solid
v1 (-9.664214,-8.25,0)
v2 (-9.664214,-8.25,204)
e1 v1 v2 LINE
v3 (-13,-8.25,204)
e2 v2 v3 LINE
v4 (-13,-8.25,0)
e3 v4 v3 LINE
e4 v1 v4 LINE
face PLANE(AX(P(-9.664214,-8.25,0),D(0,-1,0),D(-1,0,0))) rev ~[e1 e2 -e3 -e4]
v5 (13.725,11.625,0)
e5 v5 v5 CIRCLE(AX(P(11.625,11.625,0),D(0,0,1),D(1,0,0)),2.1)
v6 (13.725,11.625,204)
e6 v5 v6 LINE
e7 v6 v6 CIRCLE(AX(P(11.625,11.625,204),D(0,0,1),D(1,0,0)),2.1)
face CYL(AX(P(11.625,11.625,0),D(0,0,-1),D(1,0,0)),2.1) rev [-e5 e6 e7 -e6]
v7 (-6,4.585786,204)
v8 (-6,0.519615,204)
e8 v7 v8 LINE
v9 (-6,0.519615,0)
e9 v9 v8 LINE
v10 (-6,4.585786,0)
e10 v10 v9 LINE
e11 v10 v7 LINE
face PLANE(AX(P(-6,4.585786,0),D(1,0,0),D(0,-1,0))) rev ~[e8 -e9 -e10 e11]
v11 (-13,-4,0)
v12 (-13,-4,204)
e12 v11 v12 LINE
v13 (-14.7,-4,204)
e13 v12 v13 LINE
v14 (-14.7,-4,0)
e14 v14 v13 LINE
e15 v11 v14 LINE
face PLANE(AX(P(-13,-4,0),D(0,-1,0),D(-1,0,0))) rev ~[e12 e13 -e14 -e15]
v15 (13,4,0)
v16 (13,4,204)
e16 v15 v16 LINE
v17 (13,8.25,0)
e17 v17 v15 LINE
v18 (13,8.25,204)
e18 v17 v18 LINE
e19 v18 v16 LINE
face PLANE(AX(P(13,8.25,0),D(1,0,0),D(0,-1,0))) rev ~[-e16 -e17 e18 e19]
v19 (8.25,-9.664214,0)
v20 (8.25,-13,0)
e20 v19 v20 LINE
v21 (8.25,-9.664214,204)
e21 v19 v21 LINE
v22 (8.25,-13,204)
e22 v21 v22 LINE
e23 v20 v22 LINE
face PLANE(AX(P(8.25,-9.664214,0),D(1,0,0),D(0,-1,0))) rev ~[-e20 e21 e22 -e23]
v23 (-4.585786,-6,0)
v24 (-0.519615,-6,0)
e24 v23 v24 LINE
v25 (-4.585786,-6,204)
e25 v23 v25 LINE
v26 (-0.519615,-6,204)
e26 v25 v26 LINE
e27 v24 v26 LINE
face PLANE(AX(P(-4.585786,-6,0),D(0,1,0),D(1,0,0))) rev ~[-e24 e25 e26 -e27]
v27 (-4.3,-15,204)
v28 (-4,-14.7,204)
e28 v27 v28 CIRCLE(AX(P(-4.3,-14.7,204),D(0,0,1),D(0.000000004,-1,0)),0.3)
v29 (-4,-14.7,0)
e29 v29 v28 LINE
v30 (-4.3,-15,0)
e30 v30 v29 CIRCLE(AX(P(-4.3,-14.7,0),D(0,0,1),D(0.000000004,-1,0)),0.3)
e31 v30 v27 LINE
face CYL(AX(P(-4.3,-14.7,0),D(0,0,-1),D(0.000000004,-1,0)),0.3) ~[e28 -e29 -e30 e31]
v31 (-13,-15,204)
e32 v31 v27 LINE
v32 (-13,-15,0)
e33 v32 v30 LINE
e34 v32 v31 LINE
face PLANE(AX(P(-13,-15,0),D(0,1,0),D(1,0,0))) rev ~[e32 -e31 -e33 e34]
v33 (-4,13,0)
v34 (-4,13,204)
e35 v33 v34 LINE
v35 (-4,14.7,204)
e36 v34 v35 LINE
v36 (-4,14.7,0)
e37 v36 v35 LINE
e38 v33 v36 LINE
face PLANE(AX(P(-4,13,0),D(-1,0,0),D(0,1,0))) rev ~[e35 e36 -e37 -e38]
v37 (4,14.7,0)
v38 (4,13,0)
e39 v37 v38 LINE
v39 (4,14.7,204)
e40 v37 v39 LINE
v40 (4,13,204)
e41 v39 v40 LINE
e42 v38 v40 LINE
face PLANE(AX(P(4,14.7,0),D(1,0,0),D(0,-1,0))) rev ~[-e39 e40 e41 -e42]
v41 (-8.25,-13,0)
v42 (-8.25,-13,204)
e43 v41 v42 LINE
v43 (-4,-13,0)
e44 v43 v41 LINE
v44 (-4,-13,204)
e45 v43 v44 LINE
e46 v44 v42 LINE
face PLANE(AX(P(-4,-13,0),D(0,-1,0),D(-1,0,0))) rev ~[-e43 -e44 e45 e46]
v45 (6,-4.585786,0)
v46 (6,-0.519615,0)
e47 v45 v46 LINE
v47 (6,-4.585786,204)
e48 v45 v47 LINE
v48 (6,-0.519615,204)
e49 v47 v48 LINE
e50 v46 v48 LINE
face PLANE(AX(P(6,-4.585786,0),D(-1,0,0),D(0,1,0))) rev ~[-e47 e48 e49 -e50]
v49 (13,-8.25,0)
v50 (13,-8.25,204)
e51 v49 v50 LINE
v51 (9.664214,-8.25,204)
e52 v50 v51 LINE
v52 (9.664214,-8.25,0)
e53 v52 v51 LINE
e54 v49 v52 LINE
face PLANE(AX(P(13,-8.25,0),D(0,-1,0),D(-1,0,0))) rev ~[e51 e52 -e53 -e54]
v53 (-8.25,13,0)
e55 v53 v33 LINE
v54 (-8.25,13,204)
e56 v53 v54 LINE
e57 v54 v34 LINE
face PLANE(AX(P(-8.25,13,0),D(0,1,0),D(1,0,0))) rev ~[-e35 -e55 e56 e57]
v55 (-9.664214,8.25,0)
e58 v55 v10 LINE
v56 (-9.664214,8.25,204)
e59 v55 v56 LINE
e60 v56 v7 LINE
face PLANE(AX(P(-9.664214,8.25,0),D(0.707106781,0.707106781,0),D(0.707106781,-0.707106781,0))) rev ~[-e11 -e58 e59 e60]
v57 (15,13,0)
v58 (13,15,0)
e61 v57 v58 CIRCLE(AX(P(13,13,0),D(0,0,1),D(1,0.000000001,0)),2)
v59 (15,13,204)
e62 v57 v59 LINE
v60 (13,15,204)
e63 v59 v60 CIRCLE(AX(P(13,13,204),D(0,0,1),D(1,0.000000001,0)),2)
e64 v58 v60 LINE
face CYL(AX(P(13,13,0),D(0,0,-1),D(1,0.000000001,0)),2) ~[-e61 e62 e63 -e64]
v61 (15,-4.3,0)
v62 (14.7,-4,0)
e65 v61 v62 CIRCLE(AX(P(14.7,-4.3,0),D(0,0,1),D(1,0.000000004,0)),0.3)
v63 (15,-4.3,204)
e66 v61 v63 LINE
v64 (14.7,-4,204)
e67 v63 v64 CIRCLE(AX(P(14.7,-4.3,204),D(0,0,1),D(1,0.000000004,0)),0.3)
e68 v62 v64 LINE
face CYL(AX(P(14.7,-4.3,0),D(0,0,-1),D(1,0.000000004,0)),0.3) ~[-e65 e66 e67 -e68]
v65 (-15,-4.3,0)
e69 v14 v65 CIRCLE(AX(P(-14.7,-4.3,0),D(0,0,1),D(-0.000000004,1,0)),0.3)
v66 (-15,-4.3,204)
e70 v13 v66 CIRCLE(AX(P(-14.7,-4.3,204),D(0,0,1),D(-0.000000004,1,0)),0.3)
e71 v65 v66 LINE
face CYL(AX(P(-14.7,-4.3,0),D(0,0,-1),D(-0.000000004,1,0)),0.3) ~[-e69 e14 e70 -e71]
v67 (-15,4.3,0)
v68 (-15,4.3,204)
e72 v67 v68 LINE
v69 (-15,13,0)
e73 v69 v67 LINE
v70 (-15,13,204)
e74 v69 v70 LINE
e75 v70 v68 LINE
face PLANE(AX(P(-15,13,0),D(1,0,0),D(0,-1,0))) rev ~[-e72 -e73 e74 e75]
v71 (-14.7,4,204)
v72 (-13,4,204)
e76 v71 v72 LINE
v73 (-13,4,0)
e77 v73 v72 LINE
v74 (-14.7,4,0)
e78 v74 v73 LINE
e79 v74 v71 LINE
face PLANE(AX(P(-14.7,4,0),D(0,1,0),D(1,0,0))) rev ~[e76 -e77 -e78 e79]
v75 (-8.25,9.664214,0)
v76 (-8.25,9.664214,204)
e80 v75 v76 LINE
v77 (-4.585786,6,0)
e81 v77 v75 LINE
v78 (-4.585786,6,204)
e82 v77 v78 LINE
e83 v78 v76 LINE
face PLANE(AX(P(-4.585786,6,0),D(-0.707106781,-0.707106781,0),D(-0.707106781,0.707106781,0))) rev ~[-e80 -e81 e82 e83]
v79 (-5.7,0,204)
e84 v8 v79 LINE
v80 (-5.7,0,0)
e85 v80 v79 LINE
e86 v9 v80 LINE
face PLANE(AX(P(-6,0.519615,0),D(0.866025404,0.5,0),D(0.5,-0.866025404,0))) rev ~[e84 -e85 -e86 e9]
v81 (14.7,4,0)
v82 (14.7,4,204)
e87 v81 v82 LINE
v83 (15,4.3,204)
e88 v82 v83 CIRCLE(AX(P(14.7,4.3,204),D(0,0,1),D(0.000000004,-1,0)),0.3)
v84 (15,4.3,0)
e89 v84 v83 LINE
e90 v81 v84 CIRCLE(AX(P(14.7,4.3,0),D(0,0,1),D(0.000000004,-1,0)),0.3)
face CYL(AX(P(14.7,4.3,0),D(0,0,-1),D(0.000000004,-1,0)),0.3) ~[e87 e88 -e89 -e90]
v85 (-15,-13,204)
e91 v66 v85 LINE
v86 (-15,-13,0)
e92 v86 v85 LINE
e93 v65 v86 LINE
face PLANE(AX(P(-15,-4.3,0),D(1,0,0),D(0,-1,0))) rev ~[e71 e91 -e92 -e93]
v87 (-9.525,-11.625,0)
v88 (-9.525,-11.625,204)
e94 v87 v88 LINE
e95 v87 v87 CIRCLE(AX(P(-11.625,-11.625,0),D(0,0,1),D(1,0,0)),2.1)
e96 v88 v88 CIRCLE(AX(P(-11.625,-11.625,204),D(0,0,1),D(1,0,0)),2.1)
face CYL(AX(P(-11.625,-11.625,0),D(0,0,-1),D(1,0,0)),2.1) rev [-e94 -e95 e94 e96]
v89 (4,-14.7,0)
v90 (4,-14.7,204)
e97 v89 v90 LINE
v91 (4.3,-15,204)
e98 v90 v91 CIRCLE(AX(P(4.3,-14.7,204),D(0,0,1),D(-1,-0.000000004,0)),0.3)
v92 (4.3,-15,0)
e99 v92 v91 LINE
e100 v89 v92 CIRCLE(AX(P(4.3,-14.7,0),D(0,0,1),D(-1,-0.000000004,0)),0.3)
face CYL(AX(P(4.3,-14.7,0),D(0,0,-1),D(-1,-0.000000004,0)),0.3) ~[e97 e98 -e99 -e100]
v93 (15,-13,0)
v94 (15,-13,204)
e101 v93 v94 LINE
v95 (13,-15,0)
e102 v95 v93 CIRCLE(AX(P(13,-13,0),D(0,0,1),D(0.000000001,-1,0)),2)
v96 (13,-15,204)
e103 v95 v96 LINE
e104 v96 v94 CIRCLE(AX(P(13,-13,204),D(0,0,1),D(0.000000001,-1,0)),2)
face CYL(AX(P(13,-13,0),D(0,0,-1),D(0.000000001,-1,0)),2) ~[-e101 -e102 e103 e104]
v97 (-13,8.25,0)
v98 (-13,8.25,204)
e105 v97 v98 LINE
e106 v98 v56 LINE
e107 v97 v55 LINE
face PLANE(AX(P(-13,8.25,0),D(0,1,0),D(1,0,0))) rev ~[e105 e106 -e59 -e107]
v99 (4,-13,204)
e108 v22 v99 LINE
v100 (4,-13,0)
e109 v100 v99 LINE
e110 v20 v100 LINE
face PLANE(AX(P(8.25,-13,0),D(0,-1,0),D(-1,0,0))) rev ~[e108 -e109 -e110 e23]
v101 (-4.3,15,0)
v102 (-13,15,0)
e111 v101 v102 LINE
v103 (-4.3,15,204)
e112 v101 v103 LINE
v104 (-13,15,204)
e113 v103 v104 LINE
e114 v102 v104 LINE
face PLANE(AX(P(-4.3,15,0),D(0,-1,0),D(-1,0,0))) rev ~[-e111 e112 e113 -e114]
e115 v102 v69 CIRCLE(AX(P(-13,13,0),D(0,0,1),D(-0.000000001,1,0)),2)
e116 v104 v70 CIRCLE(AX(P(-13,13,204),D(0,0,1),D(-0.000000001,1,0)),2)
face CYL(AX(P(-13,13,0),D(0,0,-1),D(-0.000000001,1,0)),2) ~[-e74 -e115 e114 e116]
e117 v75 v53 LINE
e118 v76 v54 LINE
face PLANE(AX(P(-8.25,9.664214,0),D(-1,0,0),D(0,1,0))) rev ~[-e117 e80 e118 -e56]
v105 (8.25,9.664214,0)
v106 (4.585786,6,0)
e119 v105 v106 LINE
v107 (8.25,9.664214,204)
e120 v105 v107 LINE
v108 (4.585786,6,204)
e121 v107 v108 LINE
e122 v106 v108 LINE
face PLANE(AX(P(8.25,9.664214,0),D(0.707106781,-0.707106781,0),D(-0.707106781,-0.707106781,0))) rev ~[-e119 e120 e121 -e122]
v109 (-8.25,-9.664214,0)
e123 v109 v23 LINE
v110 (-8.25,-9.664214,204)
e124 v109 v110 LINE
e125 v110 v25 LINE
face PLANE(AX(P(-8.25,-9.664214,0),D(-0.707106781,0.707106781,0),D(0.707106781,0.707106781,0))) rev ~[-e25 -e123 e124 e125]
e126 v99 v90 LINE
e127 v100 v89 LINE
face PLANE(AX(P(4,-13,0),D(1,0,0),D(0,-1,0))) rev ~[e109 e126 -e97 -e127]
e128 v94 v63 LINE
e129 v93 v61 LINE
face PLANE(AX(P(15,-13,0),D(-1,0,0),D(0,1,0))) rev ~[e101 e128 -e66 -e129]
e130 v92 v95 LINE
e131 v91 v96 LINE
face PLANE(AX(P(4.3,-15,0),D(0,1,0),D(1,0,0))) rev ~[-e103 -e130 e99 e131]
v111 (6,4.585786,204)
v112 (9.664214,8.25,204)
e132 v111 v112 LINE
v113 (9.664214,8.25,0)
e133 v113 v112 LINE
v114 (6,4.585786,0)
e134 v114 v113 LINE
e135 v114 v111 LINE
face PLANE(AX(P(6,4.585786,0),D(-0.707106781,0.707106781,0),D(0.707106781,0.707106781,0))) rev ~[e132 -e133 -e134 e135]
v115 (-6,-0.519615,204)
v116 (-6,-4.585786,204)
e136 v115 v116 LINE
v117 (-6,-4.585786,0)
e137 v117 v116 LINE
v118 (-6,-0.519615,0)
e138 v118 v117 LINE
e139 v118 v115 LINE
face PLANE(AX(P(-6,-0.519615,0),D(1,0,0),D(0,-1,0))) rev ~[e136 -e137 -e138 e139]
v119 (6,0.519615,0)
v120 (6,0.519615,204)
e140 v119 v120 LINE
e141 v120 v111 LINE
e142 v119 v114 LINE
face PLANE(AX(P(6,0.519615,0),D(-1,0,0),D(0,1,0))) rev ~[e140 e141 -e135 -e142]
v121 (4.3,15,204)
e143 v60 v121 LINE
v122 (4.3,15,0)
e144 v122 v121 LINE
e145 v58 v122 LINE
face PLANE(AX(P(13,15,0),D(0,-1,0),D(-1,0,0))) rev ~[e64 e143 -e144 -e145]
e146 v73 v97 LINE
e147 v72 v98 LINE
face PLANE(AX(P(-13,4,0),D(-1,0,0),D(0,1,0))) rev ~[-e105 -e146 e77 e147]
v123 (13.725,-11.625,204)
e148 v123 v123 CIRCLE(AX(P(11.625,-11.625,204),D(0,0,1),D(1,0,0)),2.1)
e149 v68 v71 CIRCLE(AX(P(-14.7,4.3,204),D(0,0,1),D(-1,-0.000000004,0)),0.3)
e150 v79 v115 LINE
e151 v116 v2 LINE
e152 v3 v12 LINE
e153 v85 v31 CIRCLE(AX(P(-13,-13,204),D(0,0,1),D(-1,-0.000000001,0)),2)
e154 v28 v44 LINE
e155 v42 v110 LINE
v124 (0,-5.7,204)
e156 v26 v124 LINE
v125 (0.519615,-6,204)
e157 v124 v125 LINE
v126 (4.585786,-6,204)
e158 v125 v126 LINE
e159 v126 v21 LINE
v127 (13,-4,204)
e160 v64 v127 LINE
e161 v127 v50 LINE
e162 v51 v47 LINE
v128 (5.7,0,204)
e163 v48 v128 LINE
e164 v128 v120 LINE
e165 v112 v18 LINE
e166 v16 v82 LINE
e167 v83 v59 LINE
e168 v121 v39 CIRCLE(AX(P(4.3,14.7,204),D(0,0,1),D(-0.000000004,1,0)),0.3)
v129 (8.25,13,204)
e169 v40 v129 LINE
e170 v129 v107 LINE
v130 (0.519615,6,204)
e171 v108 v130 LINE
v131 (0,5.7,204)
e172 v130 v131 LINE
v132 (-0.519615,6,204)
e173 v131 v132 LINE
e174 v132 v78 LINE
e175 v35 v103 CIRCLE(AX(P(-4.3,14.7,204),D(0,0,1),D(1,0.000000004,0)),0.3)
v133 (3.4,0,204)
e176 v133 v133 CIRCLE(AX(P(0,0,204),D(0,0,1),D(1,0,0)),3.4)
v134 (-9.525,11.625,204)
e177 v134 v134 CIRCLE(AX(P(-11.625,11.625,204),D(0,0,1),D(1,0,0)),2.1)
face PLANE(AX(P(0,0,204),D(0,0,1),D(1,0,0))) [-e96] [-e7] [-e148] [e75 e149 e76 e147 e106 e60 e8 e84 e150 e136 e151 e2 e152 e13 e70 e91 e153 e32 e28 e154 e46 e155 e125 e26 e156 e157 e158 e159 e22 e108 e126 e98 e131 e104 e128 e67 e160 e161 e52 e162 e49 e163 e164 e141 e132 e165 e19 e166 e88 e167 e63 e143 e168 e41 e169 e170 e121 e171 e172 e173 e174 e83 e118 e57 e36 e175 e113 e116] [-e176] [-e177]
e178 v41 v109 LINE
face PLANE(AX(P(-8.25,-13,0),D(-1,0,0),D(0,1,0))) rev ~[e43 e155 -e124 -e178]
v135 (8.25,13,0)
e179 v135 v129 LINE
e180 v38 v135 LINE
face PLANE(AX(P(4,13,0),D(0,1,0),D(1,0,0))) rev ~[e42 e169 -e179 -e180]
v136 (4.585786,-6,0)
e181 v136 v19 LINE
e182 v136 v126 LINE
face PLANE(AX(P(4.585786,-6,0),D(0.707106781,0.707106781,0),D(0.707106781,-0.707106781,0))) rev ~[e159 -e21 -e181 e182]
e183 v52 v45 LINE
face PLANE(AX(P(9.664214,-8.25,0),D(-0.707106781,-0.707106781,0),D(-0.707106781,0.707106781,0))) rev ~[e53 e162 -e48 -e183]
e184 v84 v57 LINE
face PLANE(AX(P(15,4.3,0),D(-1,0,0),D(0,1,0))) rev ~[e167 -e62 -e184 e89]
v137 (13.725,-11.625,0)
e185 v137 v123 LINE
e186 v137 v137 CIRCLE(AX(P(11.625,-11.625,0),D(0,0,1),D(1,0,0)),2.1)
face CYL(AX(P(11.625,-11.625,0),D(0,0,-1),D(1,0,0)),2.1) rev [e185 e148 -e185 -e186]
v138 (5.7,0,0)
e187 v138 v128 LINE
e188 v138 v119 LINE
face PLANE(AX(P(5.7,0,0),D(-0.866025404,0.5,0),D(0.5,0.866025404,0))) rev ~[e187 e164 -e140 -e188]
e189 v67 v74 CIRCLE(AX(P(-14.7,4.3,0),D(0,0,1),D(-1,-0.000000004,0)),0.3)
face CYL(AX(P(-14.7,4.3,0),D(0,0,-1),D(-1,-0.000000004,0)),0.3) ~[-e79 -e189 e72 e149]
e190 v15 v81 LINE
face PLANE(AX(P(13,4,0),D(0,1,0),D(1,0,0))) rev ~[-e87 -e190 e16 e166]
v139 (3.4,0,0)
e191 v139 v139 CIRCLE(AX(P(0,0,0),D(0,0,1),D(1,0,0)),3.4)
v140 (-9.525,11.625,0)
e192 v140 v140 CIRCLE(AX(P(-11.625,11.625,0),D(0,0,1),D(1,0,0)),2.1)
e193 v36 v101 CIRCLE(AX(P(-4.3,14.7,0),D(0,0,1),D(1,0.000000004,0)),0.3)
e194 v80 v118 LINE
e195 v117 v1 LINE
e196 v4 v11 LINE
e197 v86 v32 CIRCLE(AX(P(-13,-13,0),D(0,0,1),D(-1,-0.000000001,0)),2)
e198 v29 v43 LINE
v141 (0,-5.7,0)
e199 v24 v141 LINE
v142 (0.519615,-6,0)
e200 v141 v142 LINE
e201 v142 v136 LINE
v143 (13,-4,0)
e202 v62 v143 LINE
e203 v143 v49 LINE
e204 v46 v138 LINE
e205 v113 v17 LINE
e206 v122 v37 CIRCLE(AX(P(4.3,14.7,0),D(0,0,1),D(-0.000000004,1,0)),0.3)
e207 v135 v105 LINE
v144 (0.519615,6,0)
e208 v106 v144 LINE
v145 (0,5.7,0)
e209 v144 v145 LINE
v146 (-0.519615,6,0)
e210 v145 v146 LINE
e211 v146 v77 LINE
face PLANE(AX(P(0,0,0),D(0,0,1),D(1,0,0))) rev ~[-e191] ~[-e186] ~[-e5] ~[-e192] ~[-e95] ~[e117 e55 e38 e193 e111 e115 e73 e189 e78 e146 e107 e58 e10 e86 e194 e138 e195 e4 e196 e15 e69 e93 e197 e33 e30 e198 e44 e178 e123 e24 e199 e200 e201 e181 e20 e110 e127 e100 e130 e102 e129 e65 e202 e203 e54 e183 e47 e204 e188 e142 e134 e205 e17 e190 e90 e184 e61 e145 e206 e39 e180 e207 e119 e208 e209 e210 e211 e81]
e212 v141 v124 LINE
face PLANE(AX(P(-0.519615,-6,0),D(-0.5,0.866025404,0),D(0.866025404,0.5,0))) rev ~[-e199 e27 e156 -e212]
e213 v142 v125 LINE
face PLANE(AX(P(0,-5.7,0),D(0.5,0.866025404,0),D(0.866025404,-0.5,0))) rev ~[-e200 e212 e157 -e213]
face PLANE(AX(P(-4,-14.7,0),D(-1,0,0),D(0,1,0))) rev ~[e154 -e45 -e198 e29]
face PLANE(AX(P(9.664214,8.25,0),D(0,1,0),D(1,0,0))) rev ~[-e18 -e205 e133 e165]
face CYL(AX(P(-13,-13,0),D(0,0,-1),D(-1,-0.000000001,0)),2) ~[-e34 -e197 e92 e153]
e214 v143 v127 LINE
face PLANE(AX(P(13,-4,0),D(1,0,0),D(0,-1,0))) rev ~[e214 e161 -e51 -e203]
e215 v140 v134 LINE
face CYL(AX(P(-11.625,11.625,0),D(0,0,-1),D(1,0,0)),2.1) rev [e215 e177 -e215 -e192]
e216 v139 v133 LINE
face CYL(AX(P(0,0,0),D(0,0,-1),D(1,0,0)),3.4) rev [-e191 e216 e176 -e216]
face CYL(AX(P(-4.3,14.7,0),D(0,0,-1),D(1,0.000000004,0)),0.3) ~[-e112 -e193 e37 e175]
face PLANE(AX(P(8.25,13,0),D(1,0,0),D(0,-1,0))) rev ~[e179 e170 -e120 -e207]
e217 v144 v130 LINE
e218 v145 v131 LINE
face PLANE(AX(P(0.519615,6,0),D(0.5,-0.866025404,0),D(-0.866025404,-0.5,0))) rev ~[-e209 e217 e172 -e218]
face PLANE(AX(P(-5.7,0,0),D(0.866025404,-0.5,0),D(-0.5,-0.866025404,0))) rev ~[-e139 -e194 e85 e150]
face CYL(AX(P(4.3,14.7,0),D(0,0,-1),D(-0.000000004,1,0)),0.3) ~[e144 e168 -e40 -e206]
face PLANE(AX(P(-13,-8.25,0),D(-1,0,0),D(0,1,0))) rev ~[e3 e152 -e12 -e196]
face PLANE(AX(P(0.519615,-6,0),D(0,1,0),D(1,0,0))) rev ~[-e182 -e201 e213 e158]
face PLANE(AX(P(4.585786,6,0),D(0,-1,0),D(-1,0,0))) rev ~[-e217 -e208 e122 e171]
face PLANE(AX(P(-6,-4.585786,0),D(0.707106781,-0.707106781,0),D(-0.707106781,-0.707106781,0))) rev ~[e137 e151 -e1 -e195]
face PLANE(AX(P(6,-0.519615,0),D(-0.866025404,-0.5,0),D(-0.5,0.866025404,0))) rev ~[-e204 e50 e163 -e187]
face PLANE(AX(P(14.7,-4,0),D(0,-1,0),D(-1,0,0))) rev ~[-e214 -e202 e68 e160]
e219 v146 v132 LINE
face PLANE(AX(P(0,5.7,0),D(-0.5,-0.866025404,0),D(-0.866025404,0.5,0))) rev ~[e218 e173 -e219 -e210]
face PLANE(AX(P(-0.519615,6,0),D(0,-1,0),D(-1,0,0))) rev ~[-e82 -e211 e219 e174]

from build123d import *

# Parameters (mm, degrees)
SKETCH1_R           = 2.1
SKETCH1_R_2         = 3.4
BOSS_EXTRUDE1_DEPTH = 204


with BuildPart() as part:
    # Sketch1 → Boss-Extrude1 (new body)
    with BuildSketch(Plane.XY):
        with BuildLine():
            Line((-14.7, 4), (-13, 4))
            Line((-13, 4), (-13, 8.25))
            Line((-13, 8.25), (-9.664213562, 8.25))
            Line((-9.664213562, 8.25), (-6, 4.585786438))
            Line((-6, 4.585786438), (-6, 0.519615242))
            Line((-6, 0.519615242), (-5.7, 0))
            Line((-5.7, 0), (-6, -0.519615242))
            Line((-6, -0.519615242), (-6, -4.585786438))
            Line((-6, -4.585786438), (-9.664213562, -8.25))
            Line((-9.664213562, -8.25), (-13, -8.25))
            Line((-13, -8.25), (-13, -4))
            Line((-13, -4), (-14.7, -4))
            ThreePointArc((-14.7, -4), (-14.912132034, -4.087867966), (-15, -4.3))
            Line((-15, -4.3), (-15, -13))
            ThreePointArc((-15, -13), (-14.414213562, -14.414213562), (-13, -15))
            Line((-13, -15), (-4.3, -15))
            ThreePointArc((-4.3, -15), (-4.087867966, -14.912132034), (-4, -14.7))
            Line((-4, -14.7), (-4, -13))
            Line((-4, -13), (-8.25, -13))
            Line((-8.25, -13), (-8.25, -9.664213562))
            Line((-8.25, -9.664213562), (-4.585786438, -6))
            Line((-4.585786438, -6), (-0.519615242, -6))
            Line((-0.519615242, -6), (0, -5.7))
            Line((0, -5.7), (0.519615242, -6))
            Line((0.519615242, -6), (4.585786438, -6))
            Line((4.585786438, -6), (8.25, -9.664213562))
            Line((8.25, -9.664213562), (8.25, -13))
            Line((8.25, -13), (4, -13))
            Line((4, -13), (4, -14.7))
            ThreePointArc((4, -14.7), (4.087867966, -14.912132034), (4.3, -15))
            Line((4.3, -15), (13, -15))
            ThreePointArc((13, -15), (14.414213562, -14.414213562), (15, -13))
            Line((15, -13), (15, -4.3))
            ThreePointArc((15, -4.3), (14.912132034, -4.087867966), (14.7, -4))
            Line((14.7, -4), (13, -4))
            Line((13, -4), (13, -8.25))
            Line((13, -8.25), (9.664213562, -8.25))
            Line((9.664213562, -8.25), (6, -4.585786438))
            Line((6, -4.585786438), (6, -0.519615242))
            Line((6, -0.519615242), (5.7, 0))
            Line((5.7, 0), (6, 0.519615242))
            Line((6, 0.519615242), (6, 4.585786438))
            Line((6, 4.585786438), (9.664213562, 8.25))
            Line((9.664213562, 8.25), (13, 8.25))
            Line((13, 8.25), (13, 4))
            Line((13, 4), (14.7, 4))
            ThreePointArc((14.7, 4), (14.912132034, 4.087867966), (15, 4.3))
            Line((15, 4.3), (15, 13))
            ThreePointArc((15, 13), (14.414213562, 14.414213562), (13, 15))
            Line((13, 15), (4.3, 15))
            ThreePointArc((4.3, 15), (4.087867966, 14.912132034), (4, 14.7))
            Line((4, 14.7), (4, 13))
            Line((4, 13), (8.25, 13))
            Line((8.25, 13), (8.25, 9.664213562))
            Line((8.25, 9.664213562), (4.585786438, 6))
            Line((4.585786438, 6), (0.519615242, 6))
            Line((0.519615242, 6), (0, 5.7))
            Line((0, 5.7), (-0.519615242, 6))
            Line((-0.519615242, 6), (-4.585786438, 6))
            Line((-4.585786438, 6), (-8.25, 9.664213562))
            Line((-8.25, 9.664213562), (-8.25, 13))
            Line((-8.25, 13), (-4, 13))
            Line((-4, 13), (-4, 14.7))
            ThreePointArc((-4, 14.7), (-4.087867966, 14.912132034), (-4.3, 15))
            Line((-4.3, 15), (-13, 15))
            ThreePointArc((-13, 15), (-14.414213562, 14.414213562), (-15, 13))
            Line((-15, 13), (-15, 4.3))
            ThreePointArc((-15, 4.3), (-14.912132034, 4.087867966), (-14.7, 4))
        make_face()
        with Locations((11.625, 11.625)):
            Circle(SKETCH1_R, mode=Mode.SUBTRACT)
        with Locations((11.625, -11.625)):
            Circle(SKETCH1_R, mode=Mode.SUBTRACT)
        Circle(SKETCH1_R_2, mode=Mode.SUBTRACT)
        with Locations((-11.625, -11.625)):
            Circle(SKETCH1_R, mode=Mode.SUBTRACT)
        with Locations((-11.625, 11.625)):
            Circle(SKETCH1_R, mode=Mode.SUBTRACT)
    extrude(amount=BOSS_EXTRUDE1_DEPTH)


solid = part.part
